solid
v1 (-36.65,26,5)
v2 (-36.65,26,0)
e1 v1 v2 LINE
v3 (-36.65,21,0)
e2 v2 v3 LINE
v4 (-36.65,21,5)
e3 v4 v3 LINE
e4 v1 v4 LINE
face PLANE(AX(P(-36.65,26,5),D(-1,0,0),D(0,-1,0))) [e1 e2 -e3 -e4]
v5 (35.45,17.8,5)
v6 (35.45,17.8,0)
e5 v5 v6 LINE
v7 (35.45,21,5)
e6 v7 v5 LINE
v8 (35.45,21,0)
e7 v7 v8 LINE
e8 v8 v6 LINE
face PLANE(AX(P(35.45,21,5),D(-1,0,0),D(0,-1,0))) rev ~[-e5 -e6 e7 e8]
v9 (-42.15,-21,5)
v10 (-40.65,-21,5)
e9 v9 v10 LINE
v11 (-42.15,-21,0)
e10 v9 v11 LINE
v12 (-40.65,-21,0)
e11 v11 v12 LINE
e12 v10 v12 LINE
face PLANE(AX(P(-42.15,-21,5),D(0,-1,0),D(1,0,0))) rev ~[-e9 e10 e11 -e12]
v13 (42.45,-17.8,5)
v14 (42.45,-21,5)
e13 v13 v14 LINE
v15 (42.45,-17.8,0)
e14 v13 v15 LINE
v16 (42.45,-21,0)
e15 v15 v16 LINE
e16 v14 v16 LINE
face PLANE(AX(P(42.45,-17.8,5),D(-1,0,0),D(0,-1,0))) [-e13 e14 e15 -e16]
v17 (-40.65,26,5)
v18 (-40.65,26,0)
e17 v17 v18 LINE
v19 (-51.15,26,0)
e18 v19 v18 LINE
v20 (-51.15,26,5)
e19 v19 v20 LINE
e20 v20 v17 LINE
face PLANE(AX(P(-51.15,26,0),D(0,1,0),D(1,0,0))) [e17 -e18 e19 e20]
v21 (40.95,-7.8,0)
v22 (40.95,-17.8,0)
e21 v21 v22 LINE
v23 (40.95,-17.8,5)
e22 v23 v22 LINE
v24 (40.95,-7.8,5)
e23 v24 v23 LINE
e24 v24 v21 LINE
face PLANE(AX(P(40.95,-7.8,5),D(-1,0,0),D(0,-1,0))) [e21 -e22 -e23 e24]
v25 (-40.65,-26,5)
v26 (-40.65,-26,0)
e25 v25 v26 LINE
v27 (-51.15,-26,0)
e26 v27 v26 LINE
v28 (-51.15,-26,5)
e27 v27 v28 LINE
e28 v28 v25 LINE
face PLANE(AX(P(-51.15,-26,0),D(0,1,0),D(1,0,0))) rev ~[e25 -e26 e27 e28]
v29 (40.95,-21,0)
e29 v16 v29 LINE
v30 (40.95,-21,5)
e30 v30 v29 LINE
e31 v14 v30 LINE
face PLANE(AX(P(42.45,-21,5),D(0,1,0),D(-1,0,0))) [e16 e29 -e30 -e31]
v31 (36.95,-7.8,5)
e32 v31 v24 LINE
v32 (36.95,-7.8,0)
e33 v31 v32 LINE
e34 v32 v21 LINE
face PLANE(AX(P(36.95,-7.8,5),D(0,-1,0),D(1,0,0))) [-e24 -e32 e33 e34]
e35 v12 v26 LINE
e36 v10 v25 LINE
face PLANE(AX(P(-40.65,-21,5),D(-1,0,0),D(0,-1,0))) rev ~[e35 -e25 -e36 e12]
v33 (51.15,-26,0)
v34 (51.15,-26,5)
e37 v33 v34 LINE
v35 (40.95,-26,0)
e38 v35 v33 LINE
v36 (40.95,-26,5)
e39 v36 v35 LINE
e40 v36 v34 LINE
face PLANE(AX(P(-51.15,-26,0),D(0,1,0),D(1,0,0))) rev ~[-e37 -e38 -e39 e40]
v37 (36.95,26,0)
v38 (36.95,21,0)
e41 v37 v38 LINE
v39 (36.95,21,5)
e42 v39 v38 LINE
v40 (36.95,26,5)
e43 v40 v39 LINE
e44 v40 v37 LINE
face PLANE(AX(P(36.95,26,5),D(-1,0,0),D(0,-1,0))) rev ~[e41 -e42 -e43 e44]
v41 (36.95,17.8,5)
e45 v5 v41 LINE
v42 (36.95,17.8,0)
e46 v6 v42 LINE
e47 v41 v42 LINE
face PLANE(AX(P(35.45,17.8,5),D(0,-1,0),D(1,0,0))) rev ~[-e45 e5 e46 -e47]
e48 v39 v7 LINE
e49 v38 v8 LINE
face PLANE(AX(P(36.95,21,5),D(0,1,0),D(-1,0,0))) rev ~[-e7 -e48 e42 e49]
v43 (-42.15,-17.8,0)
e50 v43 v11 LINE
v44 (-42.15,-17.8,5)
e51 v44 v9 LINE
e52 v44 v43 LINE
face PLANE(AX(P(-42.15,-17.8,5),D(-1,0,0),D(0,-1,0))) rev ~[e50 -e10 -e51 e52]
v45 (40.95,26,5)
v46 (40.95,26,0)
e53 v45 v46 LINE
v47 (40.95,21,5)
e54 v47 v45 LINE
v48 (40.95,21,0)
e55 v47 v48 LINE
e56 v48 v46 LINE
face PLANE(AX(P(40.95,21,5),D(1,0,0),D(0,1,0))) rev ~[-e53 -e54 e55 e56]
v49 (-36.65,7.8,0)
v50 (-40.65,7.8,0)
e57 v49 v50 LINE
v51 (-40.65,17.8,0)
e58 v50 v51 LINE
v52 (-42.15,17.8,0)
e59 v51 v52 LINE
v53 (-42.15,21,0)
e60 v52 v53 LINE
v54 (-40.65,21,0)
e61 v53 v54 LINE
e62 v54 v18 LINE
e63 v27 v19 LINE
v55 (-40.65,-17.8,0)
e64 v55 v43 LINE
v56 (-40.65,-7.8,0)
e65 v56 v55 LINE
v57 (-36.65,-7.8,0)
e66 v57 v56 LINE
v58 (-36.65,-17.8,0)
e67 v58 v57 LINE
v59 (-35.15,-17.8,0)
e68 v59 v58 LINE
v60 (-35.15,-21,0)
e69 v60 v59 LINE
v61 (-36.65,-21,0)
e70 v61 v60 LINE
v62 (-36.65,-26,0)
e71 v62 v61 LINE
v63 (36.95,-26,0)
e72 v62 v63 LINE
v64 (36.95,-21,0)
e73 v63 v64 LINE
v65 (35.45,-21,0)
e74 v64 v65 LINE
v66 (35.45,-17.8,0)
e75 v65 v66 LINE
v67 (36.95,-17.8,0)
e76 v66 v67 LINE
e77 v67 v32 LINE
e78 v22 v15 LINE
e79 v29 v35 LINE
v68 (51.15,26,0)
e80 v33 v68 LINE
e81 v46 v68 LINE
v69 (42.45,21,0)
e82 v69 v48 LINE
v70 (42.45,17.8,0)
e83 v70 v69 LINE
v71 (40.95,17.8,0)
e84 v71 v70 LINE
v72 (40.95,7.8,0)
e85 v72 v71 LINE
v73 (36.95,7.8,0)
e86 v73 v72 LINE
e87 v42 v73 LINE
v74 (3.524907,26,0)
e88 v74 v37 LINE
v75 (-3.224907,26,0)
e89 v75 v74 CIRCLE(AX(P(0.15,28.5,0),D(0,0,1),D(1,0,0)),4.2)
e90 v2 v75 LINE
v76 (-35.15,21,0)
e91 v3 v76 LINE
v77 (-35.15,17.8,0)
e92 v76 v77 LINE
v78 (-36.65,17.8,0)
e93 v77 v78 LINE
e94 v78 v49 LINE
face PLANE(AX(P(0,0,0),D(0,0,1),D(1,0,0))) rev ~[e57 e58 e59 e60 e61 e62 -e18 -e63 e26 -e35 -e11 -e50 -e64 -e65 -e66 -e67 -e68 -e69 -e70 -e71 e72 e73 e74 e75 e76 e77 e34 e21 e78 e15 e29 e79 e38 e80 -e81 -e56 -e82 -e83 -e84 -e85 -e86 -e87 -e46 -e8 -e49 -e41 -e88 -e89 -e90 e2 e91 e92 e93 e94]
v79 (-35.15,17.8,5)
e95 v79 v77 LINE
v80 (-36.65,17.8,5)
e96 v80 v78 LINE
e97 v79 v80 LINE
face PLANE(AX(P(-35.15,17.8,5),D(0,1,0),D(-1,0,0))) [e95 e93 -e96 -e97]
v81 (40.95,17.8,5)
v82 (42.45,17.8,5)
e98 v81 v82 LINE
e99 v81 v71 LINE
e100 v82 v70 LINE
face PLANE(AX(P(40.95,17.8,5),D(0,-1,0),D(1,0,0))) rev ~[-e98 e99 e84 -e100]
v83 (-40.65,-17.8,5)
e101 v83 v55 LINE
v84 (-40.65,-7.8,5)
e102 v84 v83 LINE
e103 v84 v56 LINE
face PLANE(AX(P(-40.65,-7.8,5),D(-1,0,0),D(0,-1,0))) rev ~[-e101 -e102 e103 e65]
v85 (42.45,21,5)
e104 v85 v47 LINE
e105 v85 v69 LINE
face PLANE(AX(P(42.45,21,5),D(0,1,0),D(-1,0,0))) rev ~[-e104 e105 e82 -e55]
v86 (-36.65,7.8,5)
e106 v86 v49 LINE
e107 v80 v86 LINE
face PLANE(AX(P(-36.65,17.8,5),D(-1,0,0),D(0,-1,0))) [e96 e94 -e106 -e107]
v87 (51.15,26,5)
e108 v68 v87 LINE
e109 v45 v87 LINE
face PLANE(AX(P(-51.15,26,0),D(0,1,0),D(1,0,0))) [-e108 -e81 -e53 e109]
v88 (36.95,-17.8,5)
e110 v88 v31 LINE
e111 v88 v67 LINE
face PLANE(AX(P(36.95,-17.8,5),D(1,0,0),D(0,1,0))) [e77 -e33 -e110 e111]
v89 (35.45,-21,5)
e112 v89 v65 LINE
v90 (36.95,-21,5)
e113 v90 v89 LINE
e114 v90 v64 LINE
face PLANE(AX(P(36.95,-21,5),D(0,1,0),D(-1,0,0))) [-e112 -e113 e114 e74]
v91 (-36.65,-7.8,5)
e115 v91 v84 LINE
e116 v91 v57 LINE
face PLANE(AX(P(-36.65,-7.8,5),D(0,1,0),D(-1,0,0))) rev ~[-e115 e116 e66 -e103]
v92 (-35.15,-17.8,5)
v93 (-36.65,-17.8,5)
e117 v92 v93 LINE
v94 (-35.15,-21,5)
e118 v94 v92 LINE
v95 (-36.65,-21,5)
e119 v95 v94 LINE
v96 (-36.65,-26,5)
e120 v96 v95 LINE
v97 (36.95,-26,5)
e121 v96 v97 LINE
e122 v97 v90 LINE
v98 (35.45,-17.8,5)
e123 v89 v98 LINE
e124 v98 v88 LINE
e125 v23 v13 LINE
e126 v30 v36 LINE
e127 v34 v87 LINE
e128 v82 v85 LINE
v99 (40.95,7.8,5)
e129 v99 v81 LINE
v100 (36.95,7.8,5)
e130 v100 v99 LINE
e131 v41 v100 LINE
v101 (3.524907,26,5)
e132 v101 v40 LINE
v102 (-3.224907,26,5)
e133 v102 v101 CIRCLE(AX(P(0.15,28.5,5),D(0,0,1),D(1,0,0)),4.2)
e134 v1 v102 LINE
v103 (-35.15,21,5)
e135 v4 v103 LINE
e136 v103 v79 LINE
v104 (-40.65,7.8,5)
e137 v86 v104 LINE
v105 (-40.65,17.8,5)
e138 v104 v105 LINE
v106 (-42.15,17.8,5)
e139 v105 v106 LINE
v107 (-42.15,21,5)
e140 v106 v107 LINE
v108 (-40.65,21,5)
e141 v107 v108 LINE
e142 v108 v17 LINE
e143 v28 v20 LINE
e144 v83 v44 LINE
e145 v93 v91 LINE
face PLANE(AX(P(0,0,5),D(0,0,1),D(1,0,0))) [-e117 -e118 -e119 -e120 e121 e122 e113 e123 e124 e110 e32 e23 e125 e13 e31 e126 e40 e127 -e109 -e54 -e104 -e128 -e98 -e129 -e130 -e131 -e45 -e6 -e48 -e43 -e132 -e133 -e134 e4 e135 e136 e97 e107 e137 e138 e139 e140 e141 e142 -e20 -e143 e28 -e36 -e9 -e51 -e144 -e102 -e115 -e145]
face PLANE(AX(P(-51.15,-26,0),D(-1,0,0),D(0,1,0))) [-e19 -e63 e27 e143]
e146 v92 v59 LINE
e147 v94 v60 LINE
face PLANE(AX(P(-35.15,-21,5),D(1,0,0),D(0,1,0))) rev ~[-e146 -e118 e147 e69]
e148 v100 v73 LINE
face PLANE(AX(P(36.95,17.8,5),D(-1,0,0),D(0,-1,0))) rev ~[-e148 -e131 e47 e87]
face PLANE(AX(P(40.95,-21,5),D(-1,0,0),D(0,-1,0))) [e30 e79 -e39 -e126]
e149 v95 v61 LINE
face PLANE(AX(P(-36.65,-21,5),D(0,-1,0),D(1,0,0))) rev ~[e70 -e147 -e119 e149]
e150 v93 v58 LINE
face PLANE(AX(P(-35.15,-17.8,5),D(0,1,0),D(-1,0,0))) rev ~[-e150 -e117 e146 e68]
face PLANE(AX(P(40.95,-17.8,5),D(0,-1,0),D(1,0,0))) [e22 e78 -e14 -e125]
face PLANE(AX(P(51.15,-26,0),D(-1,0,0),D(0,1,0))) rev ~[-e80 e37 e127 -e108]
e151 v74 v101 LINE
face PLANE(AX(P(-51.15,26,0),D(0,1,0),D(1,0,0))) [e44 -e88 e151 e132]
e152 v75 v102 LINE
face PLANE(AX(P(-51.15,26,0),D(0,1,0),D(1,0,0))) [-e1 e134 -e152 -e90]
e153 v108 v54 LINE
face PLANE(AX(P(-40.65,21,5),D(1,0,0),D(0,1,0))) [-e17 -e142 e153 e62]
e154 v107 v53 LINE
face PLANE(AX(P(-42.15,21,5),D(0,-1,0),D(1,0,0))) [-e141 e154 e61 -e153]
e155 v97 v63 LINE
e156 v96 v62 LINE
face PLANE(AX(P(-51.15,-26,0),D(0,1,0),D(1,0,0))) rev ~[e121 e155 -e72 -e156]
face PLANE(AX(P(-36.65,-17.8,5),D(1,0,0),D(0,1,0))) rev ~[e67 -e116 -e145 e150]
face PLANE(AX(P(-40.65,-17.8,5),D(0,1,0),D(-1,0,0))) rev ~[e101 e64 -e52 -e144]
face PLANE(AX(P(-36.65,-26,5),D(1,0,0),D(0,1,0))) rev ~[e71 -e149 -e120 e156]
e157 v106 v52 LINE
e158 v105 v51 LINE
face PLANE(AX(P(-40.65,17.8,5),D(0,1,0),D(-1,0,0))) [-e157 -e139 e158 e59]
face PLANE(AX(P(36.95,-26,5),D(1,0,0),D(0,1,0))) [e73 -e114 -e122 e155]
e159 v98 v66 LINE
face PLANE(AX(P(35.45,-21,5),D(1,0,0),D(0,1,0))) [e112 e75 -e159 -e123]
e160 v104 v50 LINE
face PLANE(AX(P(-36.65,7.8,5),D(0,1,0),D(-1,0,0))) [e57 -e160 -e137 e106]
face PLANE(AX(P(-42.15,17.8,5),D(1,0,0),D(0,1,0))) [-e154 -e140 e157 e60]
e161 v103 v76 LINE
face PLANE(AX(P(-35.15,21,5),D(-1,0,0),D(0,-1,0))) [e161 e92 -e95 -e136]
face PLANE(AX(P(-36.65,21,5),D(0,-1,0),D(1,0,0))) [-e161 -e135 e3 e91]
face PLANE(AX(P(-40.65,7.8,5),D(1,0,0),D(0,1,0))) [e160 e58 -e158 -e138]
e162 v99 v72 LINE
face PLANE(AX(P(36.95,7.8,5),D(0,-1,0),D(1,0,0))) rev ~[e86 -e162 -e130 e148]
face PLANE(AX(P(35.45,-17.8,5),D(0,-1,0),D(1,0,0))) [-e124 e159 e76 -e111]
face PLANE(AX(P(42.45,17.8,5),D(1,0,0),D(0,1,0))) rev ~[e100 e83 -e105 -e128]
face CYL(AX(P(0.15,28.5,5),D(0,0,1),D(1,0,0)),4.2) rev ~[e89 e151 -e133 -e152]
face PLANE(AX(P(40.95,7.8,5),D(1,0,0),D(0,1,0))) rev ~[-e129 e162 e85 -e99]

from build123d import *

# Parameters (mm, degrees)
SKETCH1_W           = 102.3
SKETCH1_H           = 52
BOSS_EXTRUDE1_DEPTH = 5
CUT_EXTRUDE1_DEPTH  = 5
CUT_EXTRUDE2_DEPTH  = 10
SKETCH9_R           = 4.2
CUT_EXTRUDE3_DEPTH  = 5


with BuildPart() as part:
    # Sketch1 → Boss-Extrude1 (new body)
    with BuildSketch(Plane.XY):
        Rectangle(SKETCH1_W, SKETCH1_H)
    extrude(amount=BOSS_EXTRUDE1_DEPTH)

    # Sketch3 → Cut-Extrude1 (cut)
    with BuildSketch(Plane.XY.offset(5)):
        Polygon((-36.65, 17.8), (-36.65, 7.8), (-40.65, 7.8), (-40.65, 17.8), (-42.15, 17.8), (-42.15, 21), (-40.65, 21), (-40.65, 26), (-36.65, 26), (-36.65, 21), (-35.15, 21), (-35.15, 17.8), align=None)
        Polygon((-40.65, -7.8), (-40.65, -17.8), (-42.15, -17.8), (-42.15, -21), (-40.65, -21), (-40.65, -26), (-36.65, -26), (-36.65, -21), (-35.15, -21), (-35.15, -17.8), (-36.65, -17.8), (-36.65, -7.8), align=None)
    extrude(amount=-CUT_EXTRUDE1_DEPTH, mode=Mode.SUBTRACT)

    # Sketch8 → Cut-Extrude2 (cut)
    with BuildSketch(Plane.XY.offset(5)):
        Polygon((36.95, 26), (36.95, 21), (35.45, 21), (35.45, 17.8), (36.95, 17.8), (36.95, 7.8), (40.95, 7.8), (40.95, 17.8), (42.45, 17.8), (42.45, 21), (40.95, 21), (40.95, 26), align=None)
        Polygon((40.95, -17.8), (42.45, -17.8), (42.45, -21), (40.95, -21), (40.95, -26), (36.95, -26), (36.95, -21), (35.45, -21), (35.45, -17.8), (36.95, -17.8), (36.95, -7.8), (40.95, -7.8), align=None)
    extrude(amount=-CUT_EXTRUDE2_DEPTH, mode=Mode.SUBTRACT)

    # Sketch9 → Cut-Extrude3 (cut)
    with BuildSketch(Plane.XY.offset(5)):
        with Locations((0.15, 28.5)):
            Circle(SKETCH9_R)
    extrude(amount=-CUT_EXTRUDE3_DEPTH, mode=Mode.SUBTRACT)


solid = part.part
